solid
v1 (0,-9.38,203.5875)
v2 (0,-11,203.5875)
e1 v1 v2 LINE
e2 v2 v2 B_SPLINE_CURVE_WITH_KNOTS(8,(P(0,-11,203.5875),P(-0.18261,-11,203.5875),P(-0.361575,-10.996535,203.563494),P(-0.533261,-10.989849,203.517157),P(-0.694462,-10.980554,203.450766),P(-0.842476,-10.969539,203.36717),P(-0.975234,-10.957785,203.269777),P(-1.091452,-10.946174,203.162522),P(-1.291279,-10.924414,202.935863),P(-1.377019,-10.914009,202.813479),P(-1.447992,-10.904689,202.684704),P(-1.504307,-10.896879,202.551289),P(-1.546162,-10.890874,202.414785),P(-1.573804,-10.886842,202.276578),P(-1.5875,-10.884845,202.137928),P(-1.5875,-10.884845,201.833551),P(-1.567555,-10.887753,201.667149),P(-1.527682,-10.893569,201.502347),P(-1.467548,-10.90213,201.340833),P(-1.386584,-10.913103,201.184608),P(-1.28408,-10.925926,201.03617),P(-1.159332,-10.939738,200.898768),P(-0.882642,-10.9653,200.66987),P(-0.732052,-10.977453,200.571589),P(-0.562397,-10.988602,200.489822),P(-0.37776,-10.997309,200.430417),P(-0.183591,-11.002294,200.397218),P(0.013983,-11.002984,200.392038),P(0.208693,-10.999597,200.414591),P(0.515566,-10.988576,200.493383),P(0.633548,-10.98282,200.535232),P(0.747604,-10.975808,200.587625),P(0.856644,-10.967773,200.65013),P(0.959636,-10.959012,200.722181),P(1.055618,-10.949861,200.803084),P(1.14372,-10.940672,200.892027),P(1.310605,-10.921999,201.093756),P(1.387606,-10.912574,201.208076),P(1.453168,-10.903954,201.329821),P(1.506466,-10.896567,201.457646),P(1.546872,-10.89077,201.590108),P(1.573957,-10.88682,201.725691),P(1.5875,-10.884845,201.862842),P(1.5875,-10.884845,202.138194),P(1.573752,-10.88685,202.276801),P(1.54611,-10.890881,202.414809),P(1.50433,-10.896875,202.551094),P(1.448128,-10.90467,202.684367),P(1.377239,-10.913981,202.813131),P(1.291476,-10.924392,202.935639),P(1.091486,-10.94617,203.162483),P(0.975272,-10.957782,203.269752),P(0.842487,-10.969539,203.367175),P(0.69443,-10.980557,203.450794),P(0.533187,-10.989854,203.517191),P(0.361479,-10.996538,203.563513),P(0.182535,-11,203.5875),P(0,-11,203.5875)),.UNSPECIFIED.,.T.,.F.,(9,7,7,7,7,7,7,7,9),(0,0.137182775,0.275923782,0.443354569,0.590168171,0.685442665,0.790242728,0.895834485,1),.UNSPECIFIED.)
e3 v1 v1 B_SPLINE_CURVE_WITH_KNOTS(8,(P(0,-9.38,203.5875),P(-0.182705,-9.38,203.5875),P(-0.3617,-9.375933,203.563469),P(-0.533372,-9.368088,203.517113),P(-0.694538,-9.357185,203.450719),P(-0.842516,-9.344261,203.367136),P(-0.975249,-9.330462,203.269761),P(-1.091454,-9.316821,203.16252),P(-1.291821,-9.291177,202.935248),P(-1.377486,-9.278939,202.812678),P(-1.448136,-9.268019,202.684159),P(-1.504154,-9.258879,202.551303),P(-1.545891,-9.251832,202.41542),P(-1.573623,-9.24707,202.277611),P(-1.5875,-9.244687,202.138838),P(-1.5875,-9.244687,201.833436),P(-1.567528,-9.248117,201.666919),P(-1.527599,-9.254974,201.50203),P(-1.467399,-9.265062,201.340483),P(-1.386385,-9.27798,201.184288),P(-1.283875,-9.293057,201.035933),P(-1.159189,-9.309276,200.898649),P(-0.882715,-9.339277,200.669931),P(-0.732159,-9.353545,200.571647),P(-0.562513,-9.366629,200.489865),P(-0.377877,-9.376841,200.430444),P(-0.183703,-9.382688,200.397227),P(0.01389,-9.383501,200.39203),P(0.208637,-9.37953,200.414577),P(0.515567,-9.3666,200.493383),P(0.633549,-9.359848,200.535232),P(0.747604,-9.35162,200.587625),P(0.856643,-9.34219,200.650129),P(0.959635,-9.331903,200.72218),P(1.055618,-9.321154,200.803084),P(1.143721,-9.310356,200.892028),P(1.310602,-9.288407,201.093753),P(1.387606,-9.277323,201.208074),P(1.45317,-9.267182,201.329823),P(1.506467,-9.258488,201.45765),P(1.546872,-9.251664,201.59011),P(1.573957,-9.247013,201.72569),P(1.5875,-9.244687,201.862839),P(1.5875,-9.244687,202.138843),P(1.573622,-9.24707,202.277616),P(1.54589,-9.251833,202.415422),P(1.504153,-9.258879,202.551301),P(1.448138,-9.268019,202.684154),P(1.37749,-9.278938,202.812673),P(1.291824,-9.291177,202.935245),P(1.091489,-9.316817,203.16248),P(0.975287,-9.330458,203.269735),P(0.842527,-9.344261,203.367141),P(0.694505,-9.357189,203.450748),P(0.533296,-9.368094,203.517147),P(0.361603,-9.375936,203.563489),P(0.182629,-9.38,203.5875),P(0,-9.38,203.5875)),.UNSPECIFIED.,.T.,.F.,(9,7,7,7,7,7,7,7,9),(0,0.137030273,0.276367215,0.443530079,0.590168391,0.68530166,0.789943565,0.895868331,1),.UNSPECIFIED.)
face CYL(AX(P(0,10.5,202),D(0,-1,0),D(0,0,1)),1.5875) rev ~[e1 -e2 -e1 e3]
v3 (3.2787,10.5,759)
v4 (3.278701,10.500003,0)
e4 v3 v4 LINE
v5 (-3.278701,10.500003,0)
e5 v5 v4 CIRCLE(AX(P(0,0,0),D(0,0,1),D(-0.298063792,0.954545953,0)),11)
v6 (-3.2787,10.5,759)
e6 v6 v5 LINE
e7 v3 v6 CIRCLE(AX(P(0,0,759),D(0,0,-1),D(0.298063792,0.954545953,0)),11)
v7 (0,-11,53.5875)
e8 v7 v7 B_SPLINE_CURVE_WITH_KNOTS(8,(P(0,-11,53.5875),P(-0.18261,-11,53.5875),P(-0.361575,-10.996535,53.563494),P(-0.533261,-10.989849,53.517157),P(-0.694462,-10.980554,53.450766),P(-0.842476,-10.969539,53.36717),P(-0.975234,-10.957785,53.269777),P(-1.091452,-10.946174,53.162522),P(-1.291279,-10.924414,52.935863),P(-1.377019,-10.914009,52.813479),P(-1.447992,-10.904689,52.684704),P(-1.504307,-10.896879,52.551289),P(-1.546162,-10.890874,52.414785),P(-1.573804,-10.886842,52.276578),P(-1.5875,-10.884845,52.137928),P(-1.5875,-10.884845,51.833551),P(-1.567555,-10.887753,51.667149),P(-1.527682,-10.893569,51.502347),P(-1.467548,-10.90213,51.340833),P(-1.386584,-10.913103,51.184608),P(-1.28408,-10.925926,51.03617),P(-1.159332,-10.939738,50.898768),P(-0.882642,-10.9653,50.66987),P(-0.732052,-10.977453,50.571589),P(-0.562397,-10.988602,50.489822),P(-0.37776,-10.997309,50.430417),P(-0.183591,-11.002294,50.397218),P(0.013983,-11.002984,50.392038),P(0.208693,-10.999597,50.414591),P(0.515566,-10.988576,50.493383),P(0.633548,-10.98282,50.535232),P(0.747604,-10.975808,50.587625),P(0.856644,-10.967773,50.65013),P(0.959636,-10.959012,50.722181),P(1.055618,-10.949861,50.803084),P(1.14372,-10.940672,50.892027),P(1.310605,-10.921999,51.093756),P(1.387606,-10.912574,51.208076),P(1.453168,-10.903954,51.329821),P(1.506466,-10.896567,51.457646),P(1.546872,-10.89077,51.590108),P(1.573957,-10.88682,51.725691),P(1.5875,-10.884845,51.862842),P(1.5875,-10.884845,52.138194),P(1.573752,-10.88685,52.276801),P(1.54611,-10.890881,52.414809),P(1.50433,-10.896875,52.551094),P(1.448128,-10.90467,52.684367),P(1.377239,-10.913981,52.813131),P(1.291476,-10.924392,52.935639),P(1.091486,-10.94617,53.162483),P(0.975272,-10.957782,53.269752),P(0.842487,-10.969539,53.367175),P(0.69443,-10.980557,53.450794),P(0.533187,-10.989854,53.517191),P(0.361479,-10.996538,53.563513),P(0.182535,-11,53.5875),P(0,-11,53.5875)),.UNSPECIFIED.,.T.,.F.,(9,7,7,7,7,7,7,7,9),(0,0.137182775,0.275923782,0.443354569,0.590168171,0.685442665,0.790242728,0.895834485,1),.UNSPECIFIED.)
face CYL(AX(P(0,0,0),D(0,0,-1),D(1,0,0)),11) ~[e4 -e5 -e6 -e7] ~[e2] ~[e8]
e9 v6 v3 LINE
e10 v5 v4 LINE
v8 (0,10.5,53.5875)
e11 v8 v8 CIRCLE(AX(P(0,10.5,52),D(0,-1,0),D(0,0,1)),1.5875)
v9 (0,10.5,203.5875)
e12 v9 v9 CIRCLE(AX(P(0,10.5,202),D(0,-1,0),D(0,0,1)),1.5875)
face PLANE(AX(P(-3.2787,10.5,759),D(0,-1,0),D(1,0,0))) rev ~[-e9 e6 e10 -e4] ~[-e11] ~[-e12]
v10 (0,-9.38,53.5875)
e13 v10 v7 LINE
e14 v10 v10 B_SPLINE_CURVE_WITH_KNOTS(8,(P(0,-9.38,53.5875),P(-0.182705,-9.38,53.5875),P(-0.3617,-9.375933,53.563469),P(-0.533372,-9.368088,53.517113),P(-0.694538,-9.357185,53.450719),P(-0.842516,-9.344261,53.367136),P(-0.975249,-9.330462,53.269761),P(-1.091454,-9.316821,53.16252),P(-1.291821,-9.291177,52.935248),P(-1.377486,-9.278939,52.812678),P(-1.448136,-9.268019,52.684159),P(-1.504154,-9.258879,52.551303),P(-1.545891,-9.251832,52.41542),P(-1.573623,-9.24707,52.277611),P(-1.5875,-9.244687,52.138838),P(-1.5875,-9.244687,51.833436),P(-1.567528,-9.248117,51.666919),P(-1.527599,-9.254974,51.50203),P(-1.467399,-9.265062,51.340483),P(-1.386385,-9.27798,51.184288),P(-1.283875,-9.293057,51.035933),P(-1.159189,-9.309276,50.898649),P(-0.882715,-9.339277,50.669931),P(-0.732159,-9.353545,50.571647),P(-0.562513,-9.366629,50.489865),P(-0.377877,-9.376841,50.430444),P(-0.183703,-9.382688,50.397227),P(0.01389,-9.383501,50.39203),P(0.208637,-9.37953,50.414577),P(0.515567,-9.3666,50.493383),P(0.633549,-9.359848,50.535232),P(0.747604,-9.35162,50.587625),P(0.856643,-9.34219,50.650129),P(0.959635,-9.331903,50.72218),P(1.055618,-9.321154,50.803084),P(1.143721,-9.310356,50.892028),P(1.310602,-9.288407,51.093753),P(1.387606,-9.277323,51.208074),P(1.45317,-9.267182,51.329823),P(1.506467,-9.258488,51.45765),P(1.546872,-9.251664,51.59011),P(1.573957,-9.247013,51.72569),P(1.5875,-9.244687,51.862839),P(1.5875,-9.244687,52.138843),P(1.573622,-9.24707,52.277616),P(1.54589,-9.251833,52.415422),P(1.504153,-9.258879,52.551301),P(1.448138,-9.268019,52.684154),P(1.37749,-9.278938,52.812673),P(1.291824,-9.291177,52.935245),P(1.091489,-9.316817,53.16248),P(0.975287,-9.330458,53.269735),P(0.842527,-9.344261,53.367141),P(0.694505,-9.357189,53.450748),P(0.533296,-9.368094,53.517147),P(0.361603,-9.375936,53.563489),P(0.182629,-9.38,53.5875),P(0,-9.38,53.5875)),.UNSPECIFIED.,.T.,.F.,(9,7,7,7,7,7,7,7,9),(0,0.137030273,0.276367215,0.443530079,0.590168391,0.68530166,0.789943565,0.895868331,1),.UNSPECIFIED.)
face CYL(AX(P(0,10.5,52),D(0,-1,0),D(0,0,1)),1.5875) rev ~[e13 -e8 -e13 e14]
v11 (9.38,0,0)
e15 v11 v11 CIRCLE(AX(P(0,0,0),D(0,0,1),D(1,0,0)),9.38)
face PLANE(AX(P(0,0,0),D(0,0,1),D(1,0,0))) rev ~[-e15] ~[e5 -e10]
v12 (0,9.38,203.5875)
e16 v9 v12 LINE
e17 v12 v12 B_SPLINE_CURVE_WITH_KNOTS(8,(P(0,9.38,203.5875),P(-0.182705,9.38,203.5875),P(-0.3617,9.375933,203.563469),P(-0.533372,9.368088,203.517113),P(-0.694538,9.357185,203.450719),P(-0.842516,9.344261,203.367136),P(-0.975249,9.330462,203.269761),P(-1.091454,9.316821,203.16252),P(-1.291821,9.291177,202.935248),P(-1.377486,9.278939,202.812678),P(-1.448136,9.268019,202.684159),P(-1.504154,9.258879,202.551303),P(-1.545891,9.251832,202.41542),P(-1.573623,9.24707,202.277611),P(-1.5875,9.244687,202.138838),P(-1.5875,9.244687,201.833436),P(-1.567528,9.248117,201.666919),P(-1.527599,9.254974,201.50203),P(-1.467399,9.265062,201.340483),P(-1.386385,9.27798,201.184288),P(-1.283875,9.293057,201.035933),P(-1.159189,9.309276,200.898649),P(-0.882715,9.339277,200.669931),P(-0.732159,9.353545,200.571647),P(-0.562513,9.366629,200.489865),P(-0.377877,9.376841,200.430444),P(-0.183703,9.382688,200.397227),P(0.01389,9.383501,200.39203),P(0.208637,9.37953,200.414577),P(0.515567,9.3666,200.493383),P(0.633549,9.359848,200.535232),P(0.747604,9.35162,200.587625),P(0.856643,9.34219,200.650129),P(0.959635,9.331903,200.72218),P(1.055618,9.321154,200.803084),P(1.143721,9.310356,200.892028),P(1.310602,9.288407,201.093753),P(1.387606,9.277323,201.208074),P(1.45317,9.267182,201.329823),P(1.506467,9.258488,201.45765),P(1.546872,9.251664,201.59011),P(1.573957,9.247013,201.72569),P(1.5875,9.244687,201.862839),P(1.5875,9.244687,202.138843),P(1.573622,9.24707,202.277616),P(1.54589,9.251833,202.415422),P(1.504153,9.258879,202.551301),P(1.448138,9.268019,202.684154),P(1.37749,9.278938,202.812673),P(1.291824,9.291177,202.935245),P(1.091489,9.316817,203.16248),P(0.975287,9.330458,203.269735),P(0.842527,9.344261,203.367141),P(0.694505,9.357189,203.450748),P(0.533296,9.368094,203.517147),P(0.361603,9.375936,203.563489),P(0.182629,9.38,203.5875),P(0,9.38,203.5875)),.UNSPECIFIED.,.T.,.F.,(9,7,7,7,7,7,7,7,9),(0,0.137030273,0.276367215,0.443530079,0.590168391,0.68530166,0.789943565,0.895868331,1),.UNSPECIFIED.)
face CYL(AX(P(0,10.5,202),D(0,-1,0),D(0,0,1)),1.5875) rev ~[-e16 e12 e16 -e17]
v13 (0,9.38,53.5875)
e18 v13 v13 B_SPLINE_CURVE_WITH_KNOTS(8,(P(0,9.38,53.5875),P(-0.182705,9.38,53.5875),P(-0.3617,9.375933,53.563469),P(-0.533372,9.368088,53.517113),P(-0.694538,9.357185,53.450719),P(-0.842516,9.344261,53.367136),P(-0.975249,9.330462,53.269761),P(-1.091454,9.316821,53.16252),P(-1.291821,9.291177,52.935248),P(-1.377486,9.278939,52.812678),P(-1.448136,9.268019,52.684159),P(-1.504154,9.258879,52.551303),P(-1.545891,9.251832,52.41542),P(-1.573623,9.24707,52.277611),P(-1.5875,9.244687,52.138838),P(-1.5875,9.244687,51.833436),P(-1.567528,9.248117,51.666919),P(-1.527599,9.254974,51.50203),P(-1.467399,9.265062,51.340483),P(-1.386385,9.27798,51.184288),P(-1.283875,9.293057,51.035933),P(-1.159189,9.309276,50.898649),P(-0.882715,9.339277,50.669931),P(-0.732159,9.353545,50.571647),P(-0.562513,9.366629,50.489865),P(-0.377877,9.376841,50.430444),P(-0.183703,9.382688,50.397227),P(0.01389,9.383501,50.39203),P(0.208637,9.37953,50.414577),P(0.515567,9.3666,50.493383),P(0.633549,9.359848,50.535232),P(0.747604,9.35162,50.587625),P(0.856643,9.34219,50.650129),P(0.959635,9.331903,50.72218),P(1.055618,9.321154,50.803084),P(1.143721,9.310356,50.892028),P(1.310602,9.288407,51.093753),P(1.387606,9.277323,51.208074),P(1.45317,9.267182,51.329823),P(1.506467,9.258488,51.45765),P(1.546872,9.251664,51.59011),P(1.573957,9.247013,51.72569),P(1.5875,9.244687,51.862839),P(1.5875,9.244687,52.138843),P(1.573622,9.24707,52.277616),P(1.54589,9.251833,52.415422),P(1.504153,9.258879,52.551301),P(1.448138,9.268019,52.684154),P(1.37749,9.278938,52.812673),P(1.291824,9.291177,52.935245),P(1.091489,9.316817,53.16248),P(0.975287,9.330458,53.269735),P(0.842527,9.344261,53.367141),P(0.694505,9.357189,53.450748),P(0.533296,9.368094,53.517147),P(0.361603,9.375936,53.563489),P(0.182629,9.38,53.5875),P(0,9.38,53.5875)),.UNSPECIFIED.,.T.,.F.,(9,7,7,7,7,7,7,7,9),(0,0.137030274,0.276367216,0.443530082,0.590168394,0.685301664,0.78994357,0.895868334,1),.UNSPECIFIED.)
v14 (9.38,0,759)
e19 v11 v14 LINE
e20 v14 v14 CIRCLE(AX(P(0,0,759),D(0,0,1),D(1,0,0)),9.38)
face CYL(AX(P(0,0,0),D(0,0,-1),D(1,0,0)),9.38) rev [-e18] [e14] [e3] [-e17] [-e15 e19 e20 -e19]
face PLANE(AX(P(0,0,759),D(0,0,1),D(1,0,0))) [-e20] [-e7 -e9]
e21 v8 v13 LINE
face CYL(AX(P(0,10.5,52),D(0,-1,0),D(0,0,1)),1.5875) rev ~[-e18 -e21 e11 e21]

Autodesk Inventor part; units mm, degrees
ref_plane "YZ Plane" through (0, 0, 0) normal (1, 0, 0) x (0, 1, 0)
ref_plane "XZ Plane" through (0, 0, 0) normal (0, 1, 0) x (-1, 0, 0)
ref_plane "XY Plane" through (0, 0, 0) normal (0, 0, 1) x (1, 0, 0)
sketch "Sketch1" plane through (0, 0, 0) normal (0, 0, 1) x (1, 0, 0)
  circle A0 centre (0, 0) radius 11
  circle A1 centre (0, 0) radius 9.38
  dimension "d0" = 22
  dimension "d2" = 1.62
extrude "Extrusion1" add sketch "Sketch1" along normal blind 759
sketch "Sketch6" plane through (0, 0, 759) normal (0, 0, 1) x (1, 0, 0)
  circle A0 centre (0, 0) radius 9.38 projected
  circle A1 centre (0, 0) radius 11 projected
  line L0 (-3.2787, 10.5) -> (3.2787, 10.5)
  dimension "d18" = 10.5
extrude "Extrusion3" cut sketch "Sketch6" against normal through all contours L0 A1 picked at (-0.3693, 10.648)
sketch "Sketch7" plane through (-3.2787, 10.5, 759) normal (0, 1, 0) x (1, 0, 0)
  circle A0 centre (3.2787, 857) radius 1.27
  line L0 (0, 0) -> (0, 759) projected
  circle A1 centre (3.2787, 707) radius 1.27
  circle A2 centre (3.2787, 557) radius 1.27
  point P0 (3.2787, 759)
  dimension "d34" = 150
  dimension "d47" = 52
  dimension "d48" = 150
hole "Hole3" at (0, 10.5, -98) at (0, 10.5, 52) at (0, 10.5, 202) direction (0, -1, 0) diameter 3.175 end through all
properties part number "2f2barm" material "PVC-Piping"
